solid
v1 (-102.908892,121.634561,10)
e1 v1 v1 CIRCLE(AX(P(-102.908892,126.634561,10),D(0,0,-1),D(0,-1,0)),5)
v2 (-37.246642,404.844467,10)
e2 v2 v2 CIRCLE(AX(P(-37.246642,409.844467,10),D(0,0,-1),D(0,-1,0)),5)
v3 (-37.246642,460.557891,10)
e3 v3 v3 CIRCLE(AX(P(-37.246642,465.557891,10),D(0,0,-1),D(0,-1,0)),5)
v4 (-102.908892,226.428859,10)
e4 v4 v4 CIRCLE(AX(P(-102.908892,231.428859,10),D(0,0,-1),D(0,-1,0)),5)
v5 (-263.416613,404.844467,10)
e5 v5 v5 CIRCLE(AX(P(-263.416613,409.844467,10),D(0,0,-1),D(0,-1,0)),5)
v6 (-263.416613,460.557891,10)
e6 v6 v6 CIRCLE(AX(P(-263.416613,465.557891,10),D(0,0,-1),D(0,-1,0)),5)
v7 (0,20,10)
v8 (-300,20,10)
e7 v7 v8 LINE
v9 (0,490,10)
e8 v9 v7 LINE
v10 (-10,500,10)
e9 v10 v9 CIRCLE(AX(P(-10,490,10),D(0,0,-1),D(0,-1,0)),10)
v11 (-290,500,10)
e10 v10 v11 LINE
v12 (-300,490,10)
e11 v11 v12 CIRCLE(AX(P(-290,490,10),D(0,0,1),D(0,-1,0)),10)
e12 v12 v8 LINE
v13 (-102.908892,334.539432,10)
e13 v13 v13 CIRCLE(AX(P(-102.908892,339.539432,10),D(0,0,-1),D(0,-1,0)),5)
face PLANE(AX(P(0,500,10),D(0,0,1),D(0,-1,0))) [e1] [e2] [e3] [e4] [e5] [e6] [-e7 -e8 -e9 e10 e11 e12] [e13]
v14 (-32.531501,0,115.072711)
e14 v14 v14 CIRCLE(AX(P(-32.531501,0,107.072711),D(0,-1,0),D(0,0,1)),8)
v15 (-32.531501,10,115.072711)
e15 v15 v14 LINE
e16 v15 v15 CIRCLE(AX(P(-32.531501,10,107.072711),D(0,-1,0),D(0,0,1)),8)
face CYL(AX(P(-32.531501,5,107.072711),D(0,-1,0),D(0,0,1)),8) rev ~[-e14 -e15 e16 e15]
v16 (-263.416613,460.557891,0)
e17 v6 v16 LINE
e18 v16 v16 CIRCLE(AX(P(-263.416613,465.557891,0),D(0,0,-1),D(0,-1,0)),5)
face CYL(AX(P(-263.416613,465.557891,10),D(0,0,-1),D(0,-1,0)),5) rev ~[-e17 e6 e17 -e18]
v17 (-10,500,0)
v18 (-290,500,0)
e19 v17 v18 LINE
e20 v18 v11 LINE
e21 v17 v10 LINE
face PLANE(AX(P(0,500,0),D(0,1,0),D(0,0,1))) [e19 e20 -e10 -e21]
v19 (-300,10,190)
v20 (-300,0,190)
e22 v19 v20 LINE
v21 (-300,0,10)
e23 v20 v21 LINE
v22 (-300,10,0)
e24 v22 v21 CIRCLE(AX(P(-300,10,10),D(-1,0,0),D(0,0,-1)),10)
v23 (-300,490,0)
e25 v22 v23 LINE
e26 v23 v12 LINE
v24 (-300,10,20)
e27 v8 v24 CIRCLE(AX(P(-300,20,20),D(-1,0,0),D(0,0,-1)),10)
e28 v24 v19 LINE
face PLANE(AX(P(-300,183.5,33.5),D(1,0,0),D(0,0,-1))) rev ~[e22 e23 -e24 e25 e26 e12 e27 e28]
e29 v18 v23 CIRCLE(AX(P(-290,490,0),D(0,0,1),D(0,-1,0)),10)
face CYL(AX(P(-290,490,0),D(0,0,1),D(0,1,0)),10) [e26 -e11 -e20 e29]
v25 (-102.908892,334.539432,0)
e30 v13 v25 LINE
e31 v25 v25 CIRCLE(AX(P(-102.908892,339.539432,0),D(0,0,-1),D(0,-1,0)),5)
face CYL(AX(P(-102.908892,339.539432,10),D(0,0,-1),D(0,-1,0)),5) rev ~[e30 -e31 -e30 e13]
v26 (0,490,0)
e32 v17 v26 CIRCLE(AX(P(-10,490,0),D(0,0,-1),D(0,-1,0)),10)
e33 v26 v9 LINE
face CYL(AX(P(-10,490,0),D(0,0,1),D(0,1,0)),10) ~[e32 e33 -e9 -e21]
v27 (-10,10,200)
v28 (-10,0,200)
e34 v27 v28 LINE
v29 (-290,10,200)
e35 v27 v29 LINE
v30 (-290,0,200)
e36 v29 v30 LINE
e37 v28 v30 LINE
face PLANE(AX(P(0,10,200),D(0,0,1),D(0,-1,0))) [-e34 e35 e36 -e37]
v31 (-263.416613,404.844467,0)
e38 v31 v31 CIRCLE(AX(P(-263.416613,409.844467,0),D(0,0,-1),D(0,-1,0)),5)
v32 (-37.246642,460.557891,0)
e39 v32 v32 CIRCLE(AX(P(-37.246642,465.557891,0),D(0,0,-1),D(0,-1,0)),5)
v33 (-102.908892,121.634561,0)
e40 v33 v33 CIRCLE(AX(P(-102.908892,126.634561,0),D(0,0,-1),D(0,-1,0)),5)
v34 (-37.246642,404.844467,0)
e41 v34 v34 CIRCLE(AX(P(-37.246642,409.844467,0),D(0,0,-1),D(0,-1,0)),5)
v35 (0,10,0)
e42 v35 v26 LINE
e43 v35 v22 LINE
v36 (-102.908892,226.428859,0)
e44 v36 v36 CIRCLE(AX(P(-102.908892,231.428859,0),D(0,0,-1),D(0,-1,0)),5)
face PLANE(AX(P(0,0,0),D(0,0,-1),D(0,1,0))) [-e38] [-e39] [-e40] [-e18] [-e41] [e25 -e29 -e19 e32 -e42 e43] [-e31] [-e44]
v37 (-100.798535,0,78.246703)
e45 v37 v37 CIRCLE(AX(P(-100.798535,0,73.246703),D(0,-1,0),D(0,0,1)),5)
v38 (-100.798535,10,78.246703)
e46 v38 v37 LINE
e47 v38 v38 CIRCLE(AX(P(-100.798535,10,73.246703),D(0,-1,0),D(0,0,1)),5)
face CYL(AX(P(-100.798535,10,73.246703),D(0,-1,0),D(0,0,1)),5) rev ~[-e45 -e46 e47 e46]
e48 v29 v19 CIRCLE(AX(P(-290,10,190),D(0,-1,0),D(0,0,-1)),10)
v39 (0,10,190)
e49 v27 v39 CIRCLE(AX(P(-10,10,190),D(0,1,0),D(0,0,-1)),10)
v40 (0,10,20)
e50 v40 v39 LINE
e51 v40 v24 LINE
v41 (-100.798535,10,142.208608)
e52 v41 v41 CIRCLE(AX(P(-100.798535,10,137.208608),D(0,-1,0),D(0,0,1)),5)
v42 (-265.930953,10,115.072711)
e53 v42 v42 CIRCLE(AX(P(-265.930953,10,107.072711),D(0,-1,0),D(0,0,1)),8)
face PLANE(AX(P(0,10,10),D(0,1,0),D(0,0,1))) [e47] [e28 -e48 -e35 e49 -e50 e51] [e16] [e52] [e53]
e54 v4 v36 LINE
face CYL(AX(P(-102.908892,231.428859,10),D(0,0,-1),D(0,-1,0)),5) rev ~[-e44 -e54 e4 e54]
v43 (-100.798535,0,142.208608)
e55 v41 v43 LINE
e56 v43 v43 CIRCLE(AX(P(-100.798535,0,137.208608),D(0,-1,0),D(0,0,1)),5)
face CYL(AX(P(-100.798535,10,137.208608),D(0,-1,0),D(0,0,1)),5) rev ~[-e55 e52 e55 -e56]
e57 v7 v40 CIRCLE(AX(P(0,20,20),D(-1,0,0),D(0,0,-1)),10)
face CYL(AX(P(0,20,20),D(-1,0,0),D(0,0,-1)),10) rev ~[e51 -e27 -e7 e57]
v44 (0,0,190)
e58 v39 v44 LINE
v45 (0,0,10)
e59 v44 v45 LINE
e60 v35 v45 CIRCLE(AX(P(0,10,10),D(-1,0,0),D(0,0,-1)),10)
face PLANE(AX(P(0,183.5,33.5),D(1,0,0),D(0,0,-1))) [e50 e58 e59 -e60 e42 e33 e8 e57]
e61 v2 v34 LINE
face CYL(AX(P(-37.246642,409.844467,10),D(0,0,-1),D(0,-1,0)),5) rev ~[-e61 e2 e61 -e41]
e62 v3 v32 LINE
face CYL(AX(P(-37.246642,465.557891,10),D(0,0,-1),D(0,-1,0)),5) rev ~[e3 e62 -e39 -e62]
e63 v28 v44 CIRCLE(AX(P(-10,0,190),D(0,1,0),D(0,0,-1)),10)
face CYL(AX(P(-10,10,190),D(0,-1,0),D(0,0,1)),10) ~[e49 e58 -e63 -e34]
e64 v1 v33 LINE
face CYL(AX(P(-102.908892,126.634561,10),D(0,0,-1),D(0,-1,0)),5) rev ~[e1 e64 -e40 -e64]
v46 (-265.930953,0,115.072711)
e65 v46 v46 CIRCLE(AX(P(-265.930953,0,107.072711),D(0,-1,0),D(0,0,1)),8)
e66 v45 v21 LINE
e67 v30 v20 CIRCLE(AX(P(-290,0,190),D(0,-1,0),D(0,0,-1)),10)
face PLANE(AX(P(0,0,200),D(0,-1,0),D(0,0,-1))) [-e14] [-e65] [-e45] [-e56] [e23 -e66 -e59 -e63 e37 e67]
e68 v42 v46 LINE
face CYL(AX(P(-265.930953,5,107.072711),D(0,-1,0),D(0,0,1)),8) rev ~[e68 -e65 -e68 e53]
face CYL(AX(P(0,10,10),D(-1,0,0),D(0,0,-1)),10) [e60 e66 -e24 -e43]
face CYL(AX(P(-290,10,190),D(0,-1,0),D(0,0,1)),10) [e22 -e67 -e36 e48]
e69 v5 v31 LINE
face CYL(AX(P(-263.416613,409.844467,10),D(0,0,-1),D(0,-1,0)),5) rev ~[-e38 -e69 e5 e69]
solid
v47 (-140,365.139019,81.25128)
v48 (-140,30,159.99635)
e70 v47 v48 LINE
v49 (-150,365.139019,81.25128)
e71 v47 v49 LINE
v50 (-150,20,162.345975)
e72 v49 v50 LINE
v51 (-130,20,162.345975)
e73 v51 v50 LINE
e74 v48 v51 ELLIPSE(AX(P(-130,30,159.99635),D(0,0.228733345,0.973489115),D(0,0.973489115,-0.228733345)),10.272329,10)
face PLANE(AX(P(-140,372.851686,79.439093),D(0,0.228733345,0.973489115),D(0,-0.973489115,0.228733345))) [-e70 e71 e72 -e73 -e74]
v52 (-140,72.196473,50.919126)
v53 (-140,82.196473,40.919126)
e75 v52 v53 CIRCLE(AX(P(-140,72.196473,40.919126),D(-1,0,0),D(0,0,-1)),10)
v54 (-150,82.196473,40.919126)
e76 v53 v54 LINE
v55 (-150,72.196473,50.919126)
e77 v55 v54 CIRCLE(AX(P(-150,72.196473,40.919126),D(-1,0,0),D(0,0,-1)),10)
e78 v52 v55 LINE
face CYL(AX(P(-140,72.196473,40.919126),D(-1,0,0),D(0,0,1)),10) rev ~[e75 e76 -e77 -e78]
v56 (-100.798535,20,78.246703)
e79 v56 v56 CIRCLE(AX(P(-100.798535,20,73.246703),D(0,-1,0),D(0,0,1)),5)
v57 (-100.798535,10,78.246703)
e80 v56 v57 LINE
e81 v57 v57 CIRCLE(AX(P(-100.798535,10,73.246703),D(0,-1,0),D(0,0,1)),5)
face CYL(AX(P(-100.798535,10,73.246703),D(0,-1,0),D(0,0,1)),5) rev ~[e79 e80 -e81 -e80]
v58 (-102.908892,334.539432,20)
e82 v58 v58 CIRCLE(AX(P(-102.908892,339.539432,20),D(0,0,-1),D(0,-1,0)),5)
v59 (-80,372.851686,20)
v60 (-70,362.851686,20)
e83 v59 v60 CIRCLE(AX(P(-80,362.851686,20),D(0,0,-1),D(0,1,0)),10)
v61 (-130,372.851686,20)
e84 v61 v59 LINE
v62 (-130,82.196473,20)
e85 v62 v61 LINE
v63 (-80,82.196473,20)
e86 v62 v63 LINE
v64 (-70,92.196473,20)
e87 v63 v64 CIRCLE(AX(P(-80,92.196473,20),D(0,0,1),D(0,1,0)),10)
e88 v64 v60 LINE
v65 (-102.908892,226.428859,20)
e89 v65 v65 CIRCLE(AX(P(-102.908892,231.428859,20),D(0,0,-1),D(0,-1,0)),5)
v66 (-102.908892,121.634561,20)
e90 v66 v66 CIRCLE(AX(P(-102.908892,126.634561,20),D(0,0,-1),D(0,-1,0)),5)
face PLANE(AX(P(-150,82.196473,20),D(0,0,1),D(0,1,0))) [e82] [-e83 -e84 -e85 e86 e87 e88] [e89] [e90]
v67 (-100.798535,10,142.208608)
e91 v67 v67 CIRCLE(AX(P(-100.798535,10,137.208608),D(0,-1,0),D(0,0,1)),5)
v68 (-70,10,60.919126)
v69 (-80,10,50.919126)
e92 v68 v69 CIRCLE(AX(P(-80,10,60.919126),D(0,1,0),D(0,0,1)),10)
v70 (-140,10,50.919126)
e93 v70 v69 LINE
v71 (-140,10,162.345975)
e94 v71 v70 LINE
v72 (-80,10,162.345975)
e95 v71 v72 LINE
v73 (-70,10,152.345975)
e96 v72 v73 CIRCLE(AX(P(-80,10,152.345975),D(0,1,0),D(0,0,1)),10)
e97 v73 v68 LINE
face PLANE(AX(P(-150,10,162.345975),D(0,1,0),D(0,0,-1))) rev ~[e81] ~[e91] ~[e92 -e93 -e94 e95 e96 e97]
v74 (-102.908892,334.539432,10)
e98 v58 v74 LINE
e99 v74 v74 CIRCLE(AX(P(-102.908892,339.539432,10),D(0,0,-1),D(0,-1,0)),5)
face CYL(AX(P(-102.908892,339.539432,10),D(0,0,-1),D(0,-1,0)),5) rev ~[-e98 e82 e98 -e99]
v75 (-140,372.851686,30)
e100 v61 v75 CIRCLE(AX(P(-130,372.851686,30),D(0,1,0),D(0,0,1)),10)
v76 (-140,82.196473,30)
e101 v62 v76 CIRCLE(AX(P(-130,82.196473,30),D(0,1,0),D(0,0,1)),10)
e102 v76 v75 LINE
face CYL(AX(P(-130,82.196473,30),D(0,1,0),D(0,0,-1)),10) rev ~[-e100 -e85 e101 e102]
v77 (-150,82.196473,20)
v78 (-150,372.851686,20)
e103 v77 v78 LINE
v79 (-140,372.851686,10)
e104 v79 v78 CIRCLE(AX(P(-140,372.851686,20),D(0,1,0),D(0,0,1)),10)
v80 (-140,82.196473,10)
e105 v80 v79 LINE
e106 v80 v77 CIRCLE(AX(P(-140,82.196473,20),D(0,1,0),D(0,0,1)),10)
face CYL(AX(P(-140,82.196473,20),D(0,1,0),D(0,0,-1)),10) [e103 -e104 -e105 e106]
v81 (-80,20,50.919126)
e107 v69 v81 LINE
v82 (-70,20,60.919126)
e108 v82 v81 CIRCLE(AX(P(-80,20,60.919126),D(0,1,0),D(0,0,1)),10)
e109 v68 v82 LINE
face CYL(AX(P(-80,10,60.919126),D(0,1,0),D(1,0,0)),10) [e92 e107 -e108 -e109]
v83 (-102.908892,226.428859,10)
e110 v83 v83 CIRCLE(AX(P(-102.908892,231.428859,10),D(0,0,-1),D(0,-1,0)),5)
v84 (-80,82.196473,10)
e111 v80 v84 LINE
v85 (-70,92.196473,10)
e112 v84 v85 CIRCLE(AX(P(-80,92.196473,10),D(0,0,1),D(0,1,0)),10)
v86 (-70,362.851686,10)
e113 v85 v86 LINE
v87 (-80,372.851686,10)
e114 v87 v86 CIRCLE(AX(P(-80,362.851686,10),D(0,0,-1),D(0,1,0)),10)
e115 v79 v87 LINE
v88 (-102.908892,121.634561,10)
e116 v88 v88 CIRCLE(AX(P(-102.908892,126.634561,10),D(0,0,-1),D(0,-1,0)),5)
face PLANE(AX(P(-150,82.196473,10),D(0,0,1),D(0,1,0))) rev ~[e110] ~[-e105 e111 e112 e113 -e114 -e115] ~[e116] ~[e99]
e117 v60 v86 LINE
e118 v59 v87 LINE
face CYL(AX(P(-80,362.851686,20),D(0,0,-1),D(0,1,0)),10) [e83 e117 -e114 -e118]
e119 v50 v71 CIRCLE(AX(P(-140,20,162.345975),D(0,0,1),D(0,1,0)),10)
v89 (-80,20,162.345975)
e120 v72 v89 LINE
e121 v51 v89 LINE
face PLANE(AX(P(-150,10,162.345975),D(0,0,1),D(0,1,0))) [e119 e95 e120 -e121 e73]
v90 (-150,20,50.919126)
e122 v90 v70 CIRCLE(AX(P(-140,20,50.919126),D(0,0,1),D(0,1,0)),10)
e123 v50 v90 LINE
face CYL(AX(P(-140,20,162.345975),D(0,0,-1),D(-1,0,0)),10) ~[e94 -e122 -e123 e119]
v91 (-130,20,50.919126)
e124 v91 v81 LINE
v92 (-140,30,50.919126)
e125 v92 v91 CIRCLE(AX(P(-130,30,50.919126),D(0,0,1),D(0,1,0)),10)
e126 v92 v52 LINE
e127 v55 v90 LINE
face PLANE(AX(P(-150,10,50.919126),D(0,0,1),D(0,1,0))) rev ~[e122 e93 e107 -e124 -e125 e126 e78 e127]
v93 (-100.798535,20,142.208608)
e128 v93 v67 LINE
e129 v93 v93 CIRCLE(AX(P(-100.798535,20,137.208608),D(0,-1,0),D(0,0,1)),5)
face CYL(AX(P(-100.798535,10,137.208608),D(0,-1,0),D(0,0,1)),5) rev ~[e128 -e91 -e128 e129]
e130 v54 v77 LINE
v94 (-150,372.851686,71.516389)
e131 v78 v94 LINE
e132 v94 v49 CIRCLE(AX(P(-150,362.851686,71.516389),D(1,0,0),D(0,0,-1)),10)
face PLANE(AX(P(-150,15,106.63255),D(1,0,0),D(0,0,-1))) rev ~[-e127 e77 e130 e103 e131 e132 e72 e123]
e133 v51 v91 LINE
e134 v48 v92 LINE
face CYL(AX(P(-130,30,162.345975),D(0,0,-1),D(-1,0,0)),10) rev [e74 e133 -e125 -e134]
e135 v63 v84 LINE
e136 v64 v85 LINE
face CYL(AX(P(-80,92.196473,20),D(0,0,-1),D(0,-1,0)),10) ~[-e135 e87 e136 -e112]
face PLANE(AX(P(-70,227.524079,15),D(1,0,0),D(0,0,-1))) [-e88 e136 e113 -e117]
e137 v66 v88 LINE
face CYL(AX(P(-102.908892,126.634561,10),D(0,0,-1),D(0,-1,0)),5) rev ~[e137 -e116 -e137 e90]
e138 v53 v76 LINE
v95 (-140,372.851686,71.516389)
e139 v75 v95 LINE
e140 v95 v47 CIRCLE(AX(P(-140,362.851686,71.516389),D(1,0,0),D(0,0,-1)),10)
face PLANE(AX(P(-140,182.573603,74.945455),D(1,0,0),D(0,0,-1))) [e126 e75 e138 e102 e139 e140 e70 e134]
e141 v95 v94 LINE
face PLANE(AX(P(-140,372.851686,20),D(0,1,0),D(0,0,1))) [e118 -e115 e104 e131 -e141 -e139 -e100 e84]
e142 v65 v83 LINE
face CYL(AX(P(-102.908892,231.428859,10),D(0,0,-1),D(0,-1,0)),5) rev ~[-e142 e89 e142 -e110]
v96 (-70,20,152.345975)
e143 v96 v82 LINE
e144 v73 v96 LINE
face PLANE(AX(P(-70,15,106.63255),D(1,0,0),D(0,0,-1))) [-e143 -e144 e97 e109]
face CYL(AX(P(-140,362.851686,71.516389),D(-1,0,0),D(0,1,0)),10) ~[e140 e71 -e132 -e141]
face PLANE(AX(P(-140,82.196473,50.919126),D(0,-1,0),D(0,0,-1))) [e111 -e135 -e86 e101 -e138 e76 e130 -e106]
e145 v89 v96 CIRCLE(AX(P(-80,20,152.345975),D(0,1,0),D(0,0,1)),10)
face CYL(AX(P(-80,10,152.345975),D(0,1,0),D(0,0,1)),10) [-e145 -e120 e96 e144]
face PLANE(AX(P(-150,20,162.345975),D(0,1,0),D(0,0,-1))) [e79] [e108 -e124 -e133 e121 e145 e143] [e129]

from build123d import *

# Parameters (mm, degrees)
BOSS_EXTRUDE1_DEPTH             = 300
BOSS_EXTRUDE2_START             = -140
BOSS_EXTRUDE2_DEPTH             = 10
BOSS_EXTRUDE3_START             = -150
SKETCH2_3_W                     = 111.42684815
SKETCH2_3_H                     = 10
SKETCH2_3_W_2                   = 10
SKETCH2_3_H_2                   = 290.655213081
BOSS_EXTRUDE3_DEPTH             = 80
FILLET1_R                       = 10
FILLET2_R                       = 10
SKETCH4_W                       = 5
SKETCH4_H                       = 20
F_10_0MM_DOWEL_HOLE1_AT_2_COUNT = 2
F_10_0MM_DOWEL_HOLE1_AT_2_PITCH = 108.110572907
F_10_0MM_DOWEL_HOLE1_AT_3_COUNT = 2
F_10_0MM_DOWEL_HOLE1_AT_3_PITCH = 212.904870572
F_10_0MM_DOWEL_HOLE1_AT_4_COUNT = 2
F_10_0MM_DOWEL_HOLE1_AT_4_PITCH = 142.099201661
F_10_0MM_DOWEL_HOLE1_AT_5_COUNT = 2
F_10_0MM_DOWEL_HOLE1_AT_5_PITCH = 96.199423156
F_10_0MM_DOWEL_HOLE1_AT_6_COUNT = 2
F_10_0MM_DOWEL_HOLE1_AT_6_PITCH = 175.229925254
F_10_0MM_DOWEL_HOLE1_AT_7_COUNT = 2
F_10_0MM_DOWEL_HOLE1_AT_7_PITCH = 204.067098773
SKETCH7_W                       = 5
SKETCH7_H                       = 20
F_10_0MM_DOWEL_HOLE2_AT_2_COUNT = 2
F_10_0MM_DOWEL_HOLE2_AT_2_PITCH = 63.961905042
SKETCH9_W                       = 8
SKETCH9_H                       = 10
F_16_0MM_DOWEL_HOLE1_AT_2_COUNT = 2
F_16_0MM_DOWEL_HOLE1_AT_2_PITCH = 233.399451571


with BuildPart() as part:
    # Sketch1 → Boss-Extrude1 (new body)
    with BuildSketch(Plane(origin=(0, 0, 0), x_dir=(0, 0, -1), z_dir=(1, 0, 0))):
        Polygon((0, 0), (0, 500), (-10, 500), (-10, 10), (-200, 10), (-200, 0), align=None)
    extrude(amount=-BOSS_EXTRUDE1_DEPTH)

    # Fillet1
    fillet1_edges = [part.edges().sort_by_distance(p)[0] for p in [
        (-300, 500, 5),
        (-150, 0, 0),
        (-150, 10, 10),
        (-300, 5, 200),
        (0, 5, 200),
        (0, 500, 5),
    ]]
    fillet(fillet1_edges, radius=FILLET1_R)


with BuildPart() as body_2:
    # Sketch2 → Boss-Extrude2 (new body)
    with BuildSketch(Plane(origin=(0, 0, 0), x_dir=(0, 0, -1), z_dir=(1, 0, 0)).offset(BOSS_EXTRUDE2_START)):
        Polygon((-20, 82.196472727), (-20, 372.851685808), (-79.439093496, 372.851685808), (-162.34597456, 20), (-50.91912641, 20), (-50.91912641, 82.196472727), align=None)
    extrude(amount=-BOSS_EXTRUDE2_DEPTH)

    # Sketch2<3> → Boss-Extrude3 (add)
    with BuildSketch(Plane(origin=(0, 0, 0), x_dir=(0, 0, -1), z_dir=(1, 0, 0)).offset(BOSS_EXTRUDE3_START)):
        with Locations((-106.632550485, 15)):
            Rectangle(SKETCH2_3_W, SKETCH2_3_H)
        with Locations((-15, 227.524079268)):
            Rectangle(SKETCH2_3_W_2, SKETCH2_3_H_2)
    extrude(amount=BOSS_EXTRUDE3_DEPTH)

    # Fillet2
    fillet2_edges = [body_2.edges().sort_by_distance(p)[0] for p in [
        (-145, 82.196472727, 50.91912641),
        (-150, 10, 106.632550485),
        (-70, 15, 50.91912641),
        (-70, 15, 162.34597456),
        (-70, 82.196472727, 15),
        (-140, 227.524079267, 20),
        (-145, 372.851685808, 79.439093496),
        (-70, 372.851685808, 15),
        (-150, 227.524079267, 10),
        (-140, 20, 106.632550485),
    ]]
    fillet(fillet2_edges, radius=FILLET2_R)


with BuildPart() as f_10_0mm_dowel_hole1_tool:
    # Sketch4 → Ø10.0mm Dowel Hole1 (revolve)
    with BuildSketch(Plane(origin=(-102.908891556, 339.539431549, 20), x_dir=(0, -1, 0), z_dir=(1, 0, 0))):
        with Locations((2.5, 10)):
            Rectangle(SKETCH4_W, SKETCH4_H)
    f_10_0mm_dowel_hole1 = revolve(axis=Axis((-102.908891556, 339.539431549, 26.35), (0, 0, -1)))


with BuildPart() as part_1:
    add(part.part)

    # Ø10.0mm Dowel Hole1: cut by f_10_0mm_dowel_hole1_tool
    add(f_10_0mm_dowel_hole1_tool.part, mode=Mode.SUBTRACT)


with BuildPart() as body_2_1:
    add(body_2.part)

    # Ø10.0mm Dowel Hole1: cut by f_10_0mm_dowel_hole1_tool
    add(f_10_0mm_dowel_hole1_tool.part, mode=Mode.SUBTRACT)


with BuildPart() as f_10_0mm_dowel_hole1_at_2_tool:
    # Ø10.0mm Dowel Hole1 at 2: Ø10.0mm Dowel Hole1 ×2
    with Locations(*[(0, -i * F_10_0MM_DOWEL_HOLE1_AT_2_PITCH, 0) for i in range(1, F_10_0MM_DOWEL_HOLE1_AT_2_COUNT)]):
        add(f_10_0mm_dowel_hole1)


with BuildPart() as part_2:
    add(part_1.part)

    # Ø10.0mm Dowel Hole1 at 2: cut by f_10_0mm_dowel_hole1_at_2_tool
    add(f_10_0mm_dowel_hole1_at_2_tool.part, mode=Mode.SUBTRACT)


with BuildPart() as body_2_2:
    add(body_2_1.part)

    # Ø10.0mm Dowel Hole1 at 2: cut by f_10_0mm_dowel_hole1_at_2_tool
    add(f_10_0mm_dowel_hole1_at_2_tool.part, mode=Mode.SUBTRACT)


with BuildPart() as f_10_0mm_dowel_hole1_at_3_tool:
    # Ø10.0mm Dowel Hole1 at 3: Ø10.0mm Dowel Hole1 ×2
    with Locations(*[(0, -i * F_10_0MM_DOWEL_HOLE1_AT_3_PITCH, 0) for i in range(1, F_10_0MM_DOWEL_HOLE1_AT_3_COUNT)]):
        add(f_10_0mm_dowel_hole1)


with BuildPart() as part_3:
    add(part_2.part)

    # Ø10.0mm Dowel Hole1 at 3: cut by f_10_0mm_dowel_hole1_at_3_tool
    add(f_10_0mm_dowel_hole1_at_3_tool.part, mode=Mode.SUBTRACT)

    # Ø10.0mm Dowel Hole1 at 4: Ø10.0mm Dowel Hole1 ×2
    with Locations(*[Vector(0.462087394, 0.886834393, 0) * (i * F_10_0MM_DOWEL_HOLE1_AT_4_PITCH) for i in range(1, F_10_0MM_DOWEL_HOLE1_AT_4_COUNT)]):
        add(f_10_0mm_dowel_hole1, mode=Mode.SUBTRACT)

    # Ø10.0mm Dowel Hole1 at 5: Ø10.0mm Dowel Hole1 ×2
    with Locations(*[Vector(0.682563862, 0.730825953, 0) * (i * F_10_0MM_DOWEL_HOLE1_AT_5_PITCH) for i in range(1, F_10_0MM_DOWEL_HOLE1_AT_5_COUNT)]):
        add(f_10_0mm_dowel_hole1, mode=Mode.SUBTRACT)

    # Ø10.0mm Dowel Hole1 at 6: Ø10.0mm Dowel Hole1 ×2
    with Locations(*[Vector(-0.915983509, 0.401215917, 0) * (i * F_10_0MM_DOWEL_HOLE1_AT_6_PITCH) for i in range(1, F_10_0MM_DOWEL_HOLE1_AT_6_COUNT)]):
        add(f_10_0mm_dowel_hole1, mode=Mode.SUBTRACT)

    # Ø10.0mm Dowel Hole1 at 7: Ø10.0mm Dowel Hole1 ×2
    with Locations(*[Vector(-0.786543851, 0.617534429, 0) * (i * F_10_0MM_DOWEL_HOLE1_AT_7_PITCH) for i in range(1, F_10_0MM_DOWEL_HOLE1_AT_7_COUNT)]):
        add(f_10_0mm_dowel_hole1, mode=Mode.SUBTRACT)


with BuildPart() as body_2_3:
    add(body_2_2.part)

    # Ø10.0mm Dowel Hole1 at 3: cut by f_10_0mm_dowel_hole1_at_3_tool
    add(f_10_0mm_dowel_hole1_at_3_tool.part, mode=Mode.SUBTRACT)


with BuildPart() as f_10_0mm_dowel_hole2_tool:
    # Sketch7 → Ø10.0mm Dowel Hole2 (revolve)
    with BuildSketch(Plane(origin=(-100.798534583, 20, 73.24670318), x_dir=(0, 0, 1), z_dir=(1, 0, 0))):
        with Locations((2.5, 10)):
            Rectangle(SKETCH7_W, SKETCH7_H)
    f_10_0mm_dowel_hole2 = revolve(axis=Axis((-100.798534583, 26.35, 73.24670318), (0, -1, 0)))


with BuildPart() as part_4:
    add(part_3.part)

    # Ø10.0mm Dowel Hole2: cut by f_10_0mm_dowel_hole2_tool
    add(f_10_0mm_dowel_hole2_tool.part, mode=Mode.SUBTRACT)


with BuildPart() as body_2_4:
    add(body_2_3.part)

    # Ø10.0mm Dowel Hole2: cut by f_10_0mm_dowel_hole2_tool
    add(f_10_0mm_dowel_hole2_tool.part, mode=Mode.SUBTRACT)


with BuildPart() as f_10_0mm_dowel_hole2_at_2_tool:
    # Ø10.0mm Dowel Hole2 at 2: Ø10.0mm Dowel Hole2 ×2
    with Locations(*[(0, 0, i * F_10_0MM_DOWEL_HOLE2_AT_2_PITCH) for i in range(1, F_10_0MM_DOWEL_HOLE2_AT_2_COUNT)]):
        add(f_10_0mm_dowel_hole2)


with BuildPart() as part_5:
    add(part_4.part)

    # Ø10.0mm Dowel Hole2 at 2: cut by f_10_0mm_dowel_hole2_at_2_tool
    add(f_10_0mm_dowel_hole2_at_2_tool.part, mode=Mode.SUBTRACT)

    # Sketch9 → Ø16.0mm Dowel Hole1 (revolve, cut)
    with BuildSketch(Plane(origin=(-32.531501317, 10, 107.072710654), x_dir=(0, 0, 1), z_dir=(1, 0, 0))):
        with Locations((4, 5)):
            Rectangle(SKETCH9_W, SKETCH9_H)
    f_16_0mm_dowel_hole1 = revolve(axis=Axis((-32.531501317, 16.35, 107.072710654), (0, -1, 0)), mode=Mode.SUBTRACT)

    # Ø16.0mm Dowel Hole1 at 2: Ø16.0mm Dowel Hole1 ×2
    with Locations(*[(-i * F_16_0MM_DOWEL_HOLE1_AT_2_PITCH, 0, 0) for i in range(1, F_16_0MM_DOWEL_HOLE1_AT_2_COUNT)]):
        add(f_16_0mm_dowel_hole1, mode=Mode.SUBTRACT)


with BuildPart() as body_2_5:
    add(body_2_4.part)

    # Ø10.0mm Dowel Hole2 at 2: cut by f_10_0mm_dowel_hole2_at_2_tool
    add(f_10_0mm_dowel_hole2_at_2_tool.part, mode=Mode.SUBTRACT)


solid = Compound([part_5.part, body_2_5.part])
